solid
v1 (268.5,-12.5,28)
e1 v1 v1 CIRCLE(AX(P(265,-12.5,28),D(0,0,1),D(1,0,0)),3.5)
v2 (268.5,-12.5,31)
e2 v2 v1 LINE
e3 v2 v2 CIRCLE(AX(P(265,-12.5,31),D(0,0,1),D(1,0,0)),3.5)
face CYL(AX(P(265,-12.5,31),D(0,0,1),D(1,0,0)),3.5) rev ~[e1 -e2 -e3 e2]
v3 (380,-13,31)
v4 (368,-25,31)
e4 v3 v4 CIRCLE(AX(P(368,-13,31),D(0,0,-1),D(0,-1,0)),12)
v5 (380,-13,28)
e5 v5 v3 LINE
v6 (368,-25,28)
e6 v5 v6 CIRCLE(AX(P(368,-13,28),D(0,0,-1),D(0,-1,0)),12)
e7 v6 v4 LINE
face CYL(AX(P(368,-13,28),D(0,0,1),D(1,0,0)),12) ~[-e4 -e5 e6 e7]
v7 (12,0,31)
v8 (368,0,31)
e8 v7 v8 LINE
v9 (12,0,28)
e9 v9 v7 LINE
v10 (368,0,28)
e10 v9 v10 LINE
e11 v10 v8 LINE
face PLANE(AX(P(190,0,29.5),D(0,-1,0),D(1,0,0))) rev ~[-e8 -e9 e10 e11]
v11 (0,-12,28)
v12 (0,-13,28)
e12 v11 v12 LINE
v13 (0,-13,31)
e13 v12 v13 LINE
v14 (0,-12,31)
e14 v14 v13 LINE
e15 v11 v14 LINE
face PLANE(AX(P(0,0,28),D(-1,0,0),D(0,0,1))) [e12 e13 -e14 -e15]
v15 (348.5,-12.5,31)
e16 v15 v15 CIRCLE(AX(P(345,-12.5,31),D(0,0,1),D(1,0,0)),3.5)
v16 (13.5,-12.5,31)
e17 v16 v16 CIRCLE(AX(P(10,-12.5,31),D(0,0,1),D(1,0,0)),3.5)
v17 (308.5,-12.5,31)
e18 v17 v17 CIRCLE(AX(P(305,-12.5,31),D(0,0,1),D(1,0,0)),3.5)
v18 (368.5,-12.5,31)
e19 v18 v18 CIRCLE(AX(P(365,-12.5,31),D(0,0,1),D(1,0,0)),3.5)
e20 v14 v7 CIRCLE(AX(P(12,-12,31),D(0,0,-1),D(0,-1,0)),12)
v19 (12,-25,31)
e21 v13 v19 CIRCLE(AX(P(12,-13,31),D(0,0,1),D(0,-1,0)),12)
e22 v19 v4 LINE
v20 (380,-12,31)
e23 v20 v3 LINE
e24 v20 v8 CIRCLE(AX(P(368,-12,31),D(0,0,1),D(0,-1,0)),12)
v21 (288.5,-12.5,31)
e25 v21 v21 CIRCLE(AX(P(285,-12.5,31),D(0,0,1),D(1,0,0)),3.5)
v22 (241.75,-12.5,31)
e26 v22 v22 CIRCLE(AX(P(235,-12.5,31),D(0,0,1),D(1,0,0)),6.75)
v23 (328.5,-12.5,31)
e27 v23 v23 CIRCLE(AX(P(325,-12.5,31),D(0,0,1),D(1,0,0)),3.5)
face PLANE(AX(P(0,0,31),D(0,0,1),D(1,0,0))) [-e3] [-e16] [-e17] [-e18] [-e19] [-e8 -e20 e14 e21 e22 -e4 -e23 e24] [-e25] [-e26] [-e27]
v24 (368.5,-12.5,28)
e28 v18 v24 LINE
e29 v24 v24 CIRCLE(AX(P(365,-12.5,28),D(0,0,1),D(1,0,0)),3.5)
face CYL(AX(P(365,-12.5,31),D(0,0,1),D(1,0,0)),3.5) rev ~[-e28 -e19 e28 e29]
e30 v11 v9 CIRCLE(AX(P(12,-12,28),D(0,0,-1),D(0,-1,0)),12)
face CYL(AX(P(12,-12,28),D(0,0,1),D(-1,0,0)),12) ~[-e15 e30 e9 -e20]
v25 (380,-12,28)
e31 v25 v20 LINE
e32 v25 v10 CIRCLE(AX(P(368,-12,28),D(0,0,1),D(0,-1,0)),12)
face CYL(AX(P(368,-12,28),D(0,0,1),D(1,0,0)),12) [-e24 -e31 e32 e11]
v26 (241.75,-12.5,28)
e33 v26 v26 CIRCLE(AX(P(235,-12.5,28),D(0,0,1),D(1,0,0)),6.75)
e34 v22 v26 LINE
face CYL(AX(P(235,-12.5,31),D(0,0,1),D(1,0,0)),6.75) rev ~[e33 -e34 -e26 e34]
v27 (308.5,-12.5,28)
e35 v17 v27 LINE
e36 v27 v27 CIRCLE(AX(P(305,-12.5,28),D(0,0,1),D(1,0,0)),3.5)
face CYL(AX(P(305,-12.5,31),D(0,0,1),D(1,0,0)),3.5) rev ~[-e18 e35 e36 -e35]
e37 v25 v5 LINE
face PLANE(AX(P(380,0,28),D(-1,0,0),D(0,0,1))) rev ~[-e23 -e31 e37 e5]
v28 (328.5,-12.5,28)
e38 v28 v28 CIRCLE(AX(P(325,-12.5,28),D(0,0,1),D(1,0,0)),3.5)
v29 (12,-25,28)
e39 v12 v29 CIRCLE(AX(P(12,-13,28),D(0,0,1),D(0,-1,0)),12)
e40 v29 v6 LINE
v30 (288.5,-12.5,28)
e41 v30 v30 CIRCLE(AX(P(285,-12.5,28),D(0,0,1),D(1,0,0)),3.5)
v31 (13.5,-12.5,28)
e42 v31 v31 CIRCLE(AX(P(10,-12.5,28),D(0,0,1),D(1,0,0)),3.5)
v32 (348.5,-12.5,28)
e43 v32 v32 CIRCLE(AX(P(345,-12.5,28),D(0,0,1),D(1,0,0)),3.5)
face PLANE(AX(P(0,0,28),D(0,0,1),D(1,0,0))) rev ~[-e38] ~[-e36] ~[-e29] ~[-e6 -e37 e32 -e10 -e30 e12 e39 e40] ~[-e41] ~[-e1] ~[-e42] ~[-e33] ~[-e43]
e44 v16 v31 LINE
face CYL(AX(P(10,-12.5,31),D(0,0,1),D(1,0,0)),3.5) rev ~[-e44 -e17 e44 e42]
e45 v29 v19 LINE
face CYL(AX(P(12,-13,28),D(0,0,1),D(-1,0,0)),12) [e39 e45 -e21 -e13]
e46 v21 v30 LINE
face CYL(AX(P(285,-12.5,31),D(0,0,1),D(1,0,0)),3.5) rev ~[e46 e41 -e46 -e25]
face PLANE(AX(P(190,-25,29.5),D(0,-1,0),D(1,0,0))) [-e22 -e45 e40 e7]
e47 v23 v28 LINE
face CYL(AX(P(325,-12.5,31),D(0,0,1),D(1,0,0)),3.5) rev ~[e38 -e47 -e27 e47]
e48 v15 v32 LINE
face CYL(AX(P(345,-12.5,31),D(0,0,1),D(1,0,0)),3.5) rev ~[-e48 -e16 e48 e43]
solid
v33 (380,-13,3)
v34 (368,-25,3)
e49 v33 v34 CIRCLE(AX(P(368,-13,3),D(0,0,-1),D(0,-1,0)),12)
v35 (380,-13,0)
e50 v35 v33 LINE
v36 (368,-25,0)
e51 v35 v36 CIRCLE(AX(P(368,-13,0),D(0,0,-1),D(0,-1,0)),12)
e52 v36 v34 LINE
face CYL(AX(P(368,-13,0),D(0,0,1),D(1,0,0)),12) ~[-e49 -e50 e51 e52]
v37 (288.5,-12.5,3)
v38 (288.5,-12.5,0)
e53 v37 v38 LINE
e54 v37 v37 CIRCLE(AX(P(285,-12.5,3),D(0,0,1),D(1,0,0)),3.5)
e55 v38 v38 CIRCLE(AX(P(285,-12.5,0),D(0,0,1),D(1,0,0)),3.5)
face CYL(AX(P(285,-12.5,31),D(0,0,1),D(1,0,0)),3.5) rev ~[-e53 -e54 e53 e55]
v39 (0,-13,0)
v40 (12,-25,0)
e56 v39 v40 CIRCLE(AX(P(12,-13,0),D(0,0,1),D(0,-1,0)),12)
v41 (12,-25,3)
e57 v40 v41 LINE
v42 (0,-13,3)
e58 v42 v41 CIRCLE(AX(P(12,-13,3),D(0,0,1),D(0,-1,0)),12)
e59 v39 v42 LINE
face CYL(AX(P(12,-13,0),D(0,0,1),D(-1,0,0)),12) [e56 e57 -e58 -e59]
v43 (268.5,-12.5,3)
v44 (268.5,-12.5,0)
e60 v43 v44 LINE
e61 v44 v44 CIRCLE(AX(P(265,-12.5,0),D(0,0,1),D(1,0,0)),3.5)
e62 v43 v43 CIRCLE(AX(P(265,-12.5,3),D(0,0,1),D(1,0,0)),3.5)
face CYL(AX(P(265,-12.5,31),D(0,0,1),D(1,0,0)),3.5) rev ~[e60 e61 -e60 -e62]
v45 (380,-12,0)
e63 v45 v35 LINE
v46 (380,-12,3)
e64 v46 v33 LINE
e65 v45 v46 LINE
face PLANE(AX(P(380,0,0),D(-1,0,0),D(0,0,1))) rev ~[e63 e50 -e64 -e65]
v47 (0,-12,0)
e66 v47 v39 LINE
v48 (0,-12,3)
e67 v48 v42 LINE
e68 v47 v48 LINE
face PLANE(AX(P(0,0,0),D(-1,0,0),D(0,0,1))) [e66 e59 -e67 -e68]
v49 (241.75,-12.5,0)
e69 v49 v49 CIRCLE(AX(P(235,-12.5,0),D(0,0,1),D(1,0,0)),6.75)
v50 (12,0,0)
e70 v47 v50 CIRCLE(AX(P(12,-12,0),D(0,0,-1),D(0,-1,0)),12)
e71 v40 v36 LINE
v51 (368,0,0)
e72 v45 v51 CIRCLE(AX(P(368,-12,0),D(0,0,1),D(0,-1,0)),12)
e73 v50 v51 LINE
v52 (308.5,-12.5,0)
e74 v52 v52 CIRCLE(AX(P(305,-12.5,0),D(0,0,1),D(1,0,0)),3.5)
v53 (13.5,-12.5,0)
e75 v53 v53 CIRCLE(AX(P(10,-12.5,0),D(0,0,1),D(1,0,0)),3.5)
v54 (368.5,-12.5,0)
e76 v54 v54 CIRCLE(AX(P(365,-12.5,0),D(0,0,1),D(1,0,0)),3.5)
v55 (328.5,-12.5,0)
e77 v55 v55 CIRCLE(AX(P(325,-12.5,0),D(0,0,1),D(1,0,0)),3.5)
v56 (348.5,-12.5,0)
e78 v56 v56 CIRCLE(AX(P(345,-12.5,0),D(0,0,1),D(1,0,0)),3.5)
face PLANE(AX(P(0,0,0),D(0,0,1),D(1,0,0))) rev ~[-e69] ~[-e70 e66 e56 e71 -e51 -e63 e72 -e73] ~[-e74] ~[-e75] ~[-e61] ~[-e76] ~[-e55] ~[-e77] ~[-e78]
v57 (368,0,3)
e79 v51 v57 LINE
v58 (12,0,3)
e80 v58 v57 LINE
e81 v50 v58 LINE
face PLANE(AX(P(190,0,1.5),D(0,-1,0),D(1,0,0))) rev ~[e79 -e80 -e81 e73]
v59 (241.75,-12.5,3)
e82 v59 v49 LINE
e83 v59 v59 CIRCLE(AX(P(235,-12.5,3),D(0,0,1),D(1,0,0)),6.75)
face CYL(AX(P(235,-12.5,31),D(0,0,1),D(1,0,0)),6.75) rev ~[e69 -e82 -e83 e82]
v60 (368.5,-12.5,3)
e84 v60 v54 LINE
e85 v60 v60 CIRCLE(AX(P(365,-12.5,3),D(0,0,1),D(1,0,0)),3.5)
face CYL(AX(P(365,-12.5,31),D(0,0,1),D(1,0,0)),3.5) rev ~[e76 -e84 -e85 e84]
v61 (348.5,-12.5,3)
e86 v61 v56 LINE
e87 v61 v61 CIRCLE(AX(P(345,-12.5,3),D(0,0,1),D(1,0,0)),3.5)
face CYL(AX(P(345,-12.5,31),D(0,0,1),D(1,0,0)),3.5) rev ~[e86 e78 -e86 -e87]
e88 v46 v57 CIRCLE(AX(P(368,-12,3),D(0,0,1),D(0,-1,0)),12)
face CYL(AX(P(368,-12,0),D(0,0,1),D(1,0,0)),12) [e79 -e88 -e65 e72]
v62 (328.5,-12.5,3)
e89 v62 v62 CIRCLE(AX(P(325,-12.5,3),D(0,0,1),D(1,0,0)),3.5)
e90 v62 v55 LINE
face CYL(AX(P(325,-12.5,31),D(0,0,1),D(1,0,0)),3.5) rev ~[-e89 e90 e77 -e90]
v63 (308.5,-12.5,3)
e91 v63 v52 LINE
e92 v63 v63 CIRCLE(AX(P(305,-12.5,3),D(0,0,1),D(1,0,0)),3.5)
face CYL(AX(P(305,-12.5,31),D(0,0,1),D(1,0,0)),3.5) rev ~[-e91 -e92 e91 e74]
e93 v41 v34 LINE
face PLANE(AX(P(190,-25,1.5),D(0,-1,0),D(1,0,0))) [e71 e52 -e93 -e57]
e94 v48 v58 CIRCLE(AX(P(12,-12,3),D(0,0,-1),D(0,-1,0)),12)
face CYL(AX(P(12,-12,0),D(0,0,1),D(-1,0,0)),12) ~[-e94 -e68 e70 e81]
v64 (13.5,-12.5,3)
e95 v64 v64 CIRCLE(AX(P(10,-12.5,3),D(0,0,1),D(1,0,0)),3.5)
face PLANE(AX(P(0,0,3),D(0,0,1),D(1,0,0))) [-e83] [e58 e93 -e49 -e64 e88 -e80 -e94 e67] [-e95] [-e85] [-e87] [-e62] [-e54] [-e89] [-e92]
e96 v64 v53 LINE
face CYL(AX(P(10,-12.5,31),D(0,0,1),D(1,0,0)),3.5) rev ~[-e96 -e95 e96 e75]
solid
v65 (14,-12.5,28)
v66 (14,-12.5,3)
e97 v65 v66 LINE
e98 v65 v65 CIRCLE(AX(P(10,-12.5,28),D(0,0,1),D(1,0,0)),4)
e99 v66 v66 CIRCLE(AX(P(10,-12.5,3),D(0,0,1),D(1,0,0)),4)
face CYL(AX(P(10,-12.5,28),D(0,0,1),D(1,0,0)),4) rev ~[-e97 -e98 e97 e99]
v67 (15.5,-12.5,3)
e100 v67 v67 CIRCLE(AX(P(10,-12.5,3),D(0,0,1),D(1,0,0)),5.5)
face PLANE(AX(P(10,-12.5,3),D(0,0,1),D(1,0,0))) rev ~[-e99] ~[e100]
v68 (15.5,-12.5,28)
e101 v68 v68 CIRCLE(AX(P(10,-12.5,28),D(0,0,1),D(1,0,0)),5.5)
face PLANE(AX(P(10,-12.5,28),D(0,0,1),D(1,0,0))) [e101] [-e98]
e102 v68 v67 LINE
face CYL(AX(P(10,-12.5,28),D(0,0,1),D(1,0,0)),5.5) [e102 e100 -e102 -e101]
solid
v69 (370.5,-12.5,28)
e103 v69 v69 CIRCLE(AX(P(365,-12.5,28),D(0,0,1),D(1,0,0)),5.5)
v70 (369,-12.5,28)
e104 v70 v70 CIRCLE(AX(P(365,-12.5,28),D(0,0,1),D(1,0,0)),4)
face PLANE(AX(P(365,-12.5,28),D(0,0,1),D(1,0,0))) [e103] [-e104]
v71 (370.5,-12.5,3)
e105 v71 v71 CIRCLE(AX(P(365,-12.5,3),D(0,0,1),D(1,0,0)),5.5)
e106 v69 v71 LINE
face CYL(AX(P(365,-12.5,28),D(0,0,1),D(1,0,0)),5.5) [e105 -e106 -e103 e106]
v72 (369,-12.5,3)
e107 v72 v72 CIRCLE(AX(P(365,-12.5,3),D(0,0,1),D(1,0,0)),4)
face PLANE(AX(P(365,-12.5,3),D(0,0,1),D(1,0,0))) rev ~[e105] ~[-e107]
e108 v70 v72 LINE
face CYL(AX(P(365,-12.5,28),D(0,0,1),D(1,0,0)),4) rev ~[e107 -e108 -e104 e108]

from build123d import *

# Parameters (mm, degrees)
F0_W     = 380
F0_H     = 3
F1_DEPTH = 25
F2_R     = 12
F2_2_R   = 12
F3_R     = 3.5
F3_R_2   = 6.75
F4_DEPTH = 35
F5_START = -3
F3_R_3   = 5.5
F3_R_4   = 4
F5_DEPTH = 25


with BuildPart() as f1:
    # F0 (on Front) → F1 (new body)
    with BuildSketch(Plane.XZ):
        with Locations((190, 29.5)):
            Rectangle(F0_W, F0_H)
    extrude(amount=F1_DEPTH)

    # F2
    f2_edges = [f1.edges().sort_by_distance(p)[0] for p in [
        (380, -25, 29.5),
        (380, 0, 29.5),
        (0, -25, 29.5),
        (0, 0, 29.5),
    ]]
    fillet(f2_edges, radius=F2_R)


with BuildPart() as f1b:
    # F0 (on Front) → F1, piece 2 (new body)
    with BuildSketch(Plane.XZ):
        with Locations((190, 1.5)):
            Rectangle(F0_W, F0_H)
    extrude(amount=F1_DEPTH)

    # F2#2
    f2_2_edges = [f1b.edges().sort_by_distance(p)[0] for p in [
        (380, 0, 1.5),
        (380, -25, 1.5),
        (0, 0, 1.5),
        (0, -25, 1.5),
    ]]
    fillet(f2_2_edges, radius=F2_2_R)


with BuildPart() as f4_tool:
    # F3 (on face) → F4 (new body)
    with BuildSketch(Plane.XY.offset(31)):
        with Locations((10, -12.5)):
            Circle(F3_R)
        with Locations((235, -12.5)):
            Circle(F3_R_2)
        with Locations((365, -12.5)):
            Circle(F3_R)
        with Locations((265, -12.5)):
            Circle(F3_R)
        with Locations((285, -12.5)):
            Circle(F3_R)
        with Locations((305, -12.5)):
            Circle(F3_R)
        with Locations((325, -12.5)):
            Circle(F3_R)
        with Locations((345, -12.5)):
            Circle(F3_R)
    extrude(amount=-F4_DEPTH)


with BuildPart() as f1_1:
    add(f1.part)

    # F4: cut by f4_tool
    add(f4_tool.part, mode=Mode.SUBTRACT)


with BuildPart() as f1b_1:
    add(f1b.part)

    # F4: cut by f4_tool
    add(f4_tool.part, mode=Mode.SUBTRACT)


with BuildPart() as f5:
    # F3 (on face) → F5 (new body)
    with BuildSketch(Plane.XY.offset(31).offset(F5_START)):
        with Locations((10, -12.5)):
            Circle(F3_R_3)
        with Locations((10, -12.5)):
            Circle(F3_R_4, mode=Mode.SUBTRACT)
    extrude(amount=-F5_DEPTH)


with BuildPart() as f5b:
    # F3 (on face) → F5, piece 2 (new body)
    with BuildSketch(Plane.XY.offset(31).offset(F5_START)):
        with Locations((365, -12.5)):
            Circle(F3_R_3)
        with Locations((365, -12.5)):
            Circle(F3_R_4, mode=Mode.SUBTRACT)
    extrude(amount=-F5_DEPTH)


solid = Compound([f1_1.part, f1b_1.part, f5.part, f5b.part])
